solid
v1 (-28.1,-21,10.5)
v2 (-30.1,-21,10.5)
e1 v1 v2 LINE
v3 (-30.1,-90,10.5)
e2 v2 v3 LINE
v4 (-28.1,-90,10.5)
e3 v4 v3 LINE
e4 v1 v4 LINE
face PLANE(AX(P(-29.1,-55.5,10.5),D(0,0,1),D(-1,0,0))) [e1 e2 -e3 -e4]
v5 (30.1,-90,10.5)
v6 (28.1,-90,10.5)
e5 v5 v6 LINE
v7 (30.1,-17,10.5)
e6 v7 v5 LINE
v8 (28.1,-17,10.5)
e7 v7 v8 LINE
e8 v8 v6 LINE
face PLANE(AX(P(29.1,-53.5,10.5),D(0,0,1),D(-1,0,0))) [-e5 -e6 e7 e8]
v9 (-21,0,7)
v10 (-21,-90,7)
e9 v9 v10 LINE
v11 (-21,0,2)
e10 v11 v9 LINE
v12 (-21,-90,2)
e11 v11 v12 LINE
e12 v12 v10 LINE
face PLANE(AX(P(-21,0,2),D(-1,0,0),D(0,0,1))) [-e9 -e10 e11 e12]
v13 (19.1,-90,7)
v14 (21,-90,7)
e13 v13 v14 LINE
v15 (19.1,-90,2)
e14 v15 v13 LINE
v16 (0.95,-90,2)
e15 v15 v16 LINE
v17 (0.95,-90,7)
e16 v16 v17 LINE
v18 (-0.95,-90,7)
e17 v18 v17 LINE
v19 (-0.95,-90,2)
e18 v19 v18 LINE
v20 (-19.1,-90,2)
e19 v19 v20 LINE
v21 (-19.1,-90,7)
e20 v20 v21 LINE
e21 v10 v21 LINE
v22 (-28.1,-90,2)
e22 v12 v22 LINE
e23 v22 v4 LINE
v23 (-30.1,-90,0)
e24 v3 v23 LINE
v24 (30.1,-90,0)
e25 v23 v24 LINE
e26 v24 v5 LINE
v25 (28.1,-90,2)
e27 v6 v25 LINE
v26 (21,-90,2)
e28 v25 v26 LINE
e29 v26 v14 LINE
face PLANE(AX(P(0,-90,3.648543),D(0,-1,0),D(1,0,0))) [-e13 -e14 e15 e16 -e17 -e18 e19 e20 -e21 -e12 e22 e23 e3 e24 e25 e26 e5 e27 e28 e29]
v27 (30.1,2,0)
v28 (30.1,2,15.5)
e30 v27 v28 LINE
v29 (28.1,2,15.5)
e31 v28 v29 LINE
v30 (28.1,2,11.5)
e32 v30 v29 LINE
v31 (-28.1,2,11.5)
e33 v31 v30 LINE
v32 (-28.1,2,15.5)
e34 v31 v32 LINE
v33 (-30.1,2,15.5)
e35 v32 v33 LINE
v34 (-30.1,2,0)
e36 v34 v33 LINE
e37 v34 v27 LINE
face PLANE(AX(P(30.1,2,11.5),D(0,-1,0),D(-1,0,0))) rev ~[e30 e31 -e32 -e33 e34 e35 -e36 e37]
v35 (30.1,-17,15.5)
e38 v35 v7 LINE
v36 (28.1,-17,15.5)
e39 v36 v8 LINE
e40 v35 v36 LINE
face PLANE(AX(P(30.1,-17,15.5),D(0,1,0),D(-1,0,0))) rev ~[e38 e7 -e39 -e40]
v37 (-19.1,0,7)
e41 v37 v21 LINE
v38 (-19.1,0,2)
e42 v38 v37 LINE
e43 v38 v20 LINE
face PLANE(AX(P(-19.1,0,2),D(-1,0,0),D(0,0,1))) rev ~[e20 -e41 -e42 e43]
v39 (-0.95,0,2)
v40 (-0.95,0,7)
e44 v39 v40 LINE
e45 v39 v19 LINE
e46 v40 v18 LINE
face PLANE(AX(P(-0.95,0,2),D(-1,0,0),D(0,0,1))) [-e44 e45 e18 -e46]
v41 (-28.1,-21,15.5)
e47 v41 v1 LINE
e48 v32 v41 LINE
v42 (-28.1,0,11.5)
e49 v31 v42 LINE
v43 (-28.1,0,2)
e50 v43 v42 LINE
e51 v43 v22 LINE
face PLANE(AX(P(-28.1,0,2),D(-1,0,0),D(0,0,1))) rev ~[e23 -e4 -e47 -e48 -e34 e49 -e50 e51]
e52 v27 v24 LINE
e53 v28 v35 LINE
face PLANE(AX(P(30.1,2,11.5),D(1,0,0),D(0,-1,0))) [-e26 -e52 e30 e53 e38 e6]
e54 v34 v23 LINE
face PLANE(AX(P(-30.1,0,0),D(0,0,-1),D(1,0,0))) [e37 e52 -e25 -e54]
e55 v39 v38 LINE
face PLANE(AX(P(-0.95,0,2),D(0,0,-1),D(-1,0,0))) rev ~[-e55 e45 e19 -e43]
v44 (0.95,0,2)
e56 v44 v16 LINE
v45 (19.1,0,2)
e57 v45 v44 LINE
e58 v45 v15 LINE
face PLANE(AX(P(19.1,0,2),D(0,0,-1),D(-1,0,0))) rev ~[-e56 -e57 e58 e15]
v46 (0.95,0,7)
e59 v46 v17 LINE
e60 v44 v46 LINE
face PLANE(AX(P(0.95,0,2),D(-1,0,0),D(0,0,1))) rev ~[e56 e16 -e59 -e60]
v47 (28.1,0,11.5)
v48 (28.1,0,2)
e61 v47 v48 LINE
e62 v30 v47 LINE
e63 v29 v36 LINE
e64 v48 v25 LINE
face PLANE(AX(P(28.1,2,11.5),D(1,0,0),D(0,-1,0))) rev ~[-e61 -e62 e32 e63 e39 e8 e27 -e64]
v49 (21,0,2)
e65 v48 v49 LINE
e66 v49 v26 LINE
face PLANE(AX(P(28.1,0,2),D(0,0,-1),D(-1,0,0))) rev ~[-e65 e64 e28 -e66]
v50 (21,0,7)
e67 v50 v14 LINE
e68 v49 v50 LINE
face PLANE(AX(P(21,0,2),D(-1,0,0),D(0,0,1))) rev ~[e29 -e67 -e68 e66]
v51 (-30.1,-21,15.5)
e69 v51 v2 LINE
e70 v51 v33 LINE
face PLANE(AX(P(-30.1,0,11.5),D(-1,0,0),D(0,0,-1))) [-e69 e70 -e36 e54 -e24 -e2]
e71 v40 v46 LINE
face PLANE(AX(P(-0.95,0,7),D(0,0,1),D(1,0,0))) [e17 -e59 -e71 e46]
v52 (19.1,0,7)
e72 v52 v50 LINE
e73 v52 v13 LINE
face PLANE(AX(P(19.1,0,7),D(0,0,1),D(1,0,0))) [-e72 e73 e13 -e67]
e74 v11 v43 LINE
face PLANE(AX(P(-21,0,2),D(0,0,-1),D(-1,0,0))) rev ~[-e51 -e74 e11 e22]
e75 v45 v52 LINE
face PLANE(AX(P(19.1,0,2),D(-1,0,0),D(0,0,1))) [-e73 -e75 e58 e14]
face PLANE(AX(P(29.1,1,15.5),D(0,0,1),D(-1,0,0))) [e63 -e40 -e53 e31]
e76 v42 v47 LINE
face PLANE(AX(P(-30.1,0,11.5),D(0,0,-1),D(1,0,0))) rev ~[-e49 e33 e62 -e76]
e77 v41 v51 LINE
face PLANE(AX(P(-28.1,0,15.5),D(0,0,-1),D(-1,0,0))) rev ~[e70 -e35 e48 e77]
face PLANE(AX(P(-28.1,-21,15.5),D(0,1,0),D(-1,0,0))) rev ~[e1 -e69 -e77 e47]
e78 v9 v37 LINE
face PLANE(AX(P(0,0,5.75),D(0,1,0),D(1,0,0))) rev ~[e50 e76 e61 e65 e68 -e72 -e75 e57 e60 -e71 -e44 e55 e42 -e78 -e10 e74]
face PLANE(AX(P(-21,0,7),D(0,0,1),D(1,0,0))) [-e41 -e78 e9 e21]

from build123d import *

# Parameters (mm, degrees)
SKETCH_W      = 1.9
SKETCH_H      = 5
PAD_DEPTH     = 90
SKETCH001_W   = 2
SKETCH001_H   = 69
SKETCH001_H_2 = 73
POCKET_DEPTH  = 5
SKETCH002_W   = 60.2
SKETCH002_H   = 11.5
PAD001_DEPTH  = 2
SKETCH004_W   = 2
SKETCH004_H   = 2
PAD002_DEPTH  = 4


with BuildPart() as part:
    # Sketch → Pad (new body)
    with BuildSketch(Plane.XZ):
        Polygon((-30.1, 0), (30.1, 0), (30.1, 15.5), (28.1, 15.5), (28.1, 2), (-28.1, 2), (-28.1, 15.5), (-30.1, 15.5), align=None)
        with Locations((0, 4.5)):
            Rectangle(SKETCH_W, SKETCH_H)
        with Locations((-20.05, 4.5)):
            Rectangle(SKETCH_W, SKETCH_H)
        with Locations((20.05, 4.5)):
            Rectangle(SKETCH_W, SKETCH_H)
    extrude(amount=PAD_DEPTH)

    # Sketch001 (on Face3 of Pad) → Pocket (cut)
    with BuildSketch(Plane(origin=(0, 0, 15.5), x_dir=(-1, 0, 0), z_dir=(0, 0, 1))):
        with Locations((29.1, 55.5)):
            Rectangle(SKETCH001_W, SKETCH001_H)
        with Locations((-29.1, 53.5)):
            Rectangle(SKETCH001_W, SKETCH001_H_2)
    extrude(amount=-POCKET_DEPTH, mode=Mode.SUBTRACT)

    # Sketch002 (on Face2 of Pocket) → Pad001 (join)
    with BuildSketch(Plane(origin=(0, 0, 0), x_dir=(1, 0, 0), z_dir=(0, 1, 0))):
        with Locations((0, -5.75)):
            Rectangle(SKETCH002_W, SKETCH002_H)
    extrude(amount=PAD001_DEPTH)

    # Sketch004 → Pad002 (join)
    with BuildSketch(Plane(origin=(0, 0, 11.5), x_dir=(-1, 0, 0), z_dir=(0, 0, 1))):
        with Locations((-29.1, -1)):
            Rectangle(SKETCH004_W, SKETCH004_H)
        with Locations((29.1, -1)):
            Rectangle(SKETCH004_W, SKETCH004_H)
    extrude(amount=PAD002_DEPTH)


solid = part.part
